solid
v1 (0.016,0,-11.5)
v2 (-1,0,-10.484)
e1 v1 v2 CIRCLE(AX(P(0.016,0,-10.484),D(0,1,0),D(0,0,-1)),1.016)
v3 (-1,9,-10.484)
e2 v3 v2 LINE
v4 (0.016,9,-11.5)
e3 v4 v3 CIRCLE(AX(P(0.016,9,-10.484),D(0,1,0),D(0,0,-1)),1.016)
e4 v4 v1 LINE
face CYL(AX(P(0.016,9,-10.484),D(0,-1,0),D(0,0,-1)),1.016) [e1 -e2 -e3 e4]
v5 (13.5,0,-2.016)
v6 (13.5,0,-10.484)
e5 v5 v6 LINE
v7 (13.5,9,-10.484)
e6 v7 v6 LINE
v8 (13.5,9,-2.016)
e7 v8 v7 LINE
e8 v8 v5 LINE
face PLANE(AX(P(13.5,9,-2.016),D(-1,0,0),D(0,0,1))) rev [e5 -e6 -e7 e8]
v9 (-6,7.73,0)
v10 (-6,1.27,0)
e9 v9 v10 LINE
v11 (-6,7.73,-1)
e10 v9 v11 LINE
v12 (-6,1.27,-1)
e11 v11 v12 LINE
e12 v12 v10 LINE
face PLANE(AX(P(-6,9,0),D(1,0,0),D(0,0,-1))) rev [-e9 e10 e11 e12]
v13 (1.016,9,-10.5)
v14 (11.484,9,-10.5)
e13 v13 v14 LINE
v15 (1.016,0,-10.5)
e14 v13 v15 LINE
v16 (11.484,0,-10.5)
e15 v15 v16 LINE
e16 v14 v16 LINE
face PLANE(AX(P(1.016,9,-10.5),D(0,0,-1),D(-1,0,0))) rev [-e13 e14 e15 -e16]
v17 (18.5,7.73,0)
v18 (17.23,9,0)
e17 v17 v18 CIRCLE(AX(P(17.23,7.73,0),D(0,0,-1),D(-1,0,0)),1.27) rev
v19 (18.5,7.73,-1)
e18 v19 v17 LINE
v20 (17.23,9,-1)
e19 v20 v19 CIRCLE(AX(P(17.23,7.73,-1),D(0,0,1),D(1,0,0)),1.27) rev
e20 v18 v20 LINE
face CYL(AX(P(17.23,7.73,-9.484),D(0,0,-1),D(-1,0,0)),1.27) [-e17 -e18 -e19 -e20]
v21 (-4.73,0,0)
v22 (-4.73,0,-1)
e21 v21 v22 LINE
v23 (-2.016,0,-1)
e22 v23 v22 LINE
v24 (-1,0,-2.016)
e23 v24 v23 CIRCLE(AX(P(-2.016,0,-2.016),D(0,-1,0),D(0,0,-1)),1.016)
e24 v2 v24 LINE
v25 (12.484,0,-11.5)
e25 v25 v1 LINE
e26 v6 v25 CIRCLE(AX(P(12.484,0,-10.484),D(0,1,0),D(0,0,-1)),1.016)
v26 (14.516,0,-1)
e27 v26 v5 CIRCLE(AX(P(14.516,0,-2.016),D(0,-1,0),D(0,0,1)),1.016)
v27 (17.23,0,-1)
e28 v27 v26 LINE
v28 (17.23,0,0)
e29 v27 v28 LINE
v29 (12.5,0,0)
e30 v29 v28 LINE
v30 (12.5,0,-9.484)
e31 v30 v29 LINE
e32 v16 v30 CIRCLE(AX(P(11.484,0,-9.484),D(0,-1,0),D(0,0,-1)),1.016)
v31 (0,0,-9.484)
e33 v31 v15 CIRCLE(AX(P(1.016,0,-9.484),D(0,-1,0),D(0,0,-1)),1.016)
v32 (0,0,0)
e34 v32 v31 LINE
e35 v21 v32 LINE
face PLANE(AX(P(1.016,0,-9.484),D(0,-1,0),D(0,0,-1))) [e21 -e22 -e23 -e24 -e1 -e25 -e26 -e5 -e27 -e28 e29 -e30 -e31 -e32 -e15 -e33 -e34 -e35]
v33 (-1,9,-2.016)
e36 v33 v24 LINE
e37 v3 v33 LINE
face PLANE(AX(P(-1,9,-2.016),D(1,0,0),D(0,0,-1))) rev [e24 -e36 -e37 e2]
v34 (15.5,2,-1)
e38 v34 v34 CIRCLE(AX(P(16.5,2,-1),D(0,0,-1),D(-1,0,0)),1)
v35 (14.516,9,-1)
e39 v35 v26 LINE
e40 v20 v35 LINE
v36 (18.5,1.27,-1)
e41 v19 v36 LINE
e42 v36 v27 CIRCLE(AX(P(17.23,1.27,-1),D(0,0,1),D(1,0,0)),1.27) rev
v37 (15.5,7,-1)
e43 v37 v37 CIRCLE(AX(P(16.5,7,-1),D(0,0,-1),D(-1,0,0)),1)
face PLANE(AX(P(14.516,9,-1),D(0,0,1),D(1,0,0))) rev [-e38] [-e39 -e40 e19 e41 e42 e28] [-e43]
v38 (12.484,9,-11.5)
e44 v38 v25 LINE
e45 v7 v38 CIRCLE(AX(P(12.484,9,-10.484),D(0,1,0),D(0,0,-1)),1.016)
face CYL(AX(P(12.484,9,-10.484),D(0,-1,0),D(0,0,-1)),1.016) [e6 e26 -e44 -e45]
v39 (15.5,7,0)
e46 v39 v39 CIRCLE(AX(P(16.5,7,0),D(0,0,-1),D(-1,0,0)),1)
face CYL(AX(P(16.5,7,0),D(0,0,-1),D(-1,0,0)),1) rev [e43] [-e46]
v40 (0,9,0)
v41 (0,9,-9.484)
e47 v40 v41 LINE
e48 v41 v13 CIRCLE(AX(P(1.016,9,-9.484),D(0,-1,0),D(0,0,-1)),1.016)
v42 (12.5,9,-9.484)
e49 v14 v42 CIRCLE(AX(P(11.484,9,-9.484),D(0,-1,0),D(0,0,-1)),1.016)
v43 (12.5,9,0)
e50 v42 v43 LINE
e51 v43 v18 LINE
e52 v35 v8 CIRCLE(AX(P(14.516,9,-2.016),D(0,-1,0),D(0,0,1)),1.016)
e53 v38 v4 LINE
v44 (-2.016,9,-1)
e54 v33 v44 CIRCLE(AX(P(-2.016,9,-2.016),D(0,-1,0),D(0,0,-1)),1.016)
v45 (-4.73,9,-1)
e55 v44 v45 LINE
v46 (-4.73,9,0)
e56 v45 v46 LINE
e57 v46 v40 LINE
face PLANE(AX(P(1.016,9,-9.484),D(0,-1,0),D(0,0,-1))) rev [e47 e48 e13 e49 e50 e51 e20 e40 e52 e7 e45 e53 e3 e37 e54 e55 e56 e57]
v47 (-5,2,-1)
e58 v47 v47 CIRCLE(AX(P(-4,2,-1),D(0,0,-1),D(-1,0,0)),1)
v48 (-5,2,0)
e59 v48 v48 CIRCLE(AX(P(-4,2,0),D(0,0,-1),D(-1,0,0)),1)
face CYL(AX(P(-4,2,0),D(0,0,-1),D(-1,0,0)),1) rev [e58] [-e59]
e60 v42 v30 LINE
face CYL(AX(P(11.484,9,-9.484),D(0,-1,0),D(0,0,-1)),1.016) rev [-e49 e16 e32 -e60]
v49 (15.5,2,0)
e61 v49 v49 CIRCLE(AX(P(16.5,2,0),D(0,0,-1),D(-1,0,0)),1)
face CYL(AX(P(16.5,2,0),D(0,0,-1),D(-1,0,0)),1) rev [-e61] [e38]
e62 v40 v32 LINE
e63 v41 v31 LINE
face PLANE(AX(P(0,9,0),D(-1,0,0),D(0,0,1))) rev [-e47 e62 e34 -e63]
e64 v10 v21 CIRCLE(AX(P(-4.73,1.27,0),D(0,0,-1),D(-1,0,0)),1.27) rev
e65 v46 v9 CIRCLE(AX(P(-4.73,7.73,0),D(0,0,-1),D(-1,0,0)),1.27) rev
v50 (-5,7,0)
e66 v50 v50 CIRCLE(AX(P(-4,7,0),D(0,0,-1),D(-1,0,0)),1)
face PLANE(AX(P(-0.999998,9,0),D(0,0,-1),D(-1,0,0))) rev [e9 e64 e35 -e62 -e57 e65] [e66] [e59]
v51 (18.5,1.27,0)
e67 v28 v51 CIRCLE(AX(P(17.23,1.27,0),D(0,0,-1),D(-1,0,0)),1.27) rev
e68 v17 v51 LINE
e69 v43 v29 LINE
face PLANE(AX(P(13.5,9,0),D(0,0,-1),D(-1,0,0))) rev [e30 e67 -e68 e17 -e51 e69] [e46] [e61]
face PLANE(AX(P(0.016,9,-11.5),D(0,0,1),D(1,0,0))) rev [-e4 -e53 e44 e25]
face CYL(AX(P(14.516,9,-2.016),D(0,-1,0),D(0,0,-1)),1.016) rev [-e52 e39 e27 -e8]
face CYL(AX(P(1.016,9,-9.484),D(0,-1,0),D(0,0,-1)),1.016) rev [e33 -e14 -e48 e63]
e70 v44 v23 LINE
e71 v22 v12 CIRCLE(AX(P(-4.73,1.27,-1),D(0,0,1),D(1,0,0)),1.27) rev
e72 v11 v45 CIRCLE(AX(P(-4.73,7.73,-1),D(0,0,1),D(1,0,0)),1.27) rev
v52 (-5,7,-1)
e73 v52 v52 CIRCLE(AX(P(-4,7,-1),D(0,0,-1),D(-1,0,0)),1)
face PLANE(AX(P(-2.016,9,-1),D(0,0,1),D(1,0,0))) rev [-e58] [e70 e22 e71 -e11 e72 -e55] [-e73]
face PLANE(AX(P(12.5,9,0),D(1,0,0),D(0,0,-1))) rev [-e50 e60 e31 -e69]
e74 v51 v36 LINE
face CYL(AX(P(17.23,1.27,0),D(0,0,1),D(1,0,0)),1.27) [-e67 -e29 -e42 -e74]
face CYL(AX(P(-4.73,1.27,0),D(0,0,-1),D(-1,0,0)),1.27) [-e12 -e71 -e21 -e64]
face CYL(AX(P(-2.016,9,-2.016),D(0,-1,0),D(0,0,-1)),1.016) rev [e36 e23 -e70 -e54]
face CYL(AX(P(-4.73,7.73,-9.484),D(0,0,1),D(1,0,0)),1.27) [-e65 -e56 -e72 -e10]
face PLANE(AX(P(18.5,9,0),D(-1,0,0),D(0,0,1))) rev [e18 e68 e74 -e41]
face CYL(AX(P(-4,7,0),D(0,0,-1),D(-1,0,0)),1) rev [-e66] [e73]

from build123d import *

# Parameters (mm, degrees)
BOSS_EXTRUDE1_DEPTH = 9
SKETCH2_R           = 1
CUT_EXTRUDE1_DEPTH  = 2
FILLET1_R           = 1.27


with BuildPart() as part:
    # Sketch1 → Boss-Extrude1 (new body)
    with BuildSketch(Plane(origin=(0, 0, 0), x_dir=(1, 0, 0), z_dir=(0, 1, 0))):
        with BuildLine():
            Line((12.5, 0), (13.5, 0))
            Line((13.5, 0), (18.5, 0))
            Line((18.5, 0), (18.5, 1))
            Line((18.5, 1), (14.516, 1))
            ThreePointArc((14.516, 1), (13.79757951, 1.29757951), (13.5, 2.016))
            Line((13.5, 2.016), (13.5, 10.484))
            ThreePointArc((13.5, 10.484), (13.20242049, 11.20242049), (12.484, 11.5))
            Line((12.484, 11.5), (0.016, 11.5))
            ThreePointArc((0.016, 11.5), (-0.70242049, 11.20242049), (-1, 10.484))
            Line((-1, 10.484), (-1, 2.016))
            ThreePointArc((-1, 2.016), (-1.29757951, 1.29757951), (-2.016, 1))
            Line((-2.016, 1), (-6, 1))
            Line((-6, 1), (-6, 0))
            Line((-6, 0), (-0.999998, 0))
            Line((-0.999998, 0), (0, 0))
            Line((0, 0), (0, 9.484))
            ThreePointArc((0, 9.484), (0.29757951, 10.20242049), (1.016, 10.5))
            Line((1.016, 10.5), (11.484, 10.5))
            ThreePointArc((11.484, 10.5), (12.20242049, 10.20242049), (12.5, 9.484))
            Line((12.5, 9.484), (12.5, 0))
        make_face()
    extrude(amount=BOSS_EXTRUDE1_DEPTH)

    # Sketch2 → Cut-Extrude1 (cut, through all)
    with BuildSketch(Plane(origin=(0, 0, -1), x_dir=(-1, 0, 0), z_dir=(0, 0, -1))):
        with Locations((4, 2)):
            Circle(SKETCH2_R)
        with Locations((4, 7)):
            Circle(SKETCH2_R)
        with Locations((-16.5, 2)):
            Circle(SKETCH2_R)
        with Locations((-16.5, 7)):
            Circle(SKETCH2_R)
    extrude(amount=-CUT_EXTRUDE1_DEPTH, mode=Mode.SUBTRACT)

    # Fillet1
    fillet1_edges = [part.edges().sort_by_distance(p)[0] for p in [
        (-6, 0, -0.5),
        (18.5, 0, -0.5),
        (18.5, 9, -0.5),
        (-6, 9, -0.5),
    ]]
    fillet(fillet1_edges, radius=FILLET1_R)


solid = part.part
